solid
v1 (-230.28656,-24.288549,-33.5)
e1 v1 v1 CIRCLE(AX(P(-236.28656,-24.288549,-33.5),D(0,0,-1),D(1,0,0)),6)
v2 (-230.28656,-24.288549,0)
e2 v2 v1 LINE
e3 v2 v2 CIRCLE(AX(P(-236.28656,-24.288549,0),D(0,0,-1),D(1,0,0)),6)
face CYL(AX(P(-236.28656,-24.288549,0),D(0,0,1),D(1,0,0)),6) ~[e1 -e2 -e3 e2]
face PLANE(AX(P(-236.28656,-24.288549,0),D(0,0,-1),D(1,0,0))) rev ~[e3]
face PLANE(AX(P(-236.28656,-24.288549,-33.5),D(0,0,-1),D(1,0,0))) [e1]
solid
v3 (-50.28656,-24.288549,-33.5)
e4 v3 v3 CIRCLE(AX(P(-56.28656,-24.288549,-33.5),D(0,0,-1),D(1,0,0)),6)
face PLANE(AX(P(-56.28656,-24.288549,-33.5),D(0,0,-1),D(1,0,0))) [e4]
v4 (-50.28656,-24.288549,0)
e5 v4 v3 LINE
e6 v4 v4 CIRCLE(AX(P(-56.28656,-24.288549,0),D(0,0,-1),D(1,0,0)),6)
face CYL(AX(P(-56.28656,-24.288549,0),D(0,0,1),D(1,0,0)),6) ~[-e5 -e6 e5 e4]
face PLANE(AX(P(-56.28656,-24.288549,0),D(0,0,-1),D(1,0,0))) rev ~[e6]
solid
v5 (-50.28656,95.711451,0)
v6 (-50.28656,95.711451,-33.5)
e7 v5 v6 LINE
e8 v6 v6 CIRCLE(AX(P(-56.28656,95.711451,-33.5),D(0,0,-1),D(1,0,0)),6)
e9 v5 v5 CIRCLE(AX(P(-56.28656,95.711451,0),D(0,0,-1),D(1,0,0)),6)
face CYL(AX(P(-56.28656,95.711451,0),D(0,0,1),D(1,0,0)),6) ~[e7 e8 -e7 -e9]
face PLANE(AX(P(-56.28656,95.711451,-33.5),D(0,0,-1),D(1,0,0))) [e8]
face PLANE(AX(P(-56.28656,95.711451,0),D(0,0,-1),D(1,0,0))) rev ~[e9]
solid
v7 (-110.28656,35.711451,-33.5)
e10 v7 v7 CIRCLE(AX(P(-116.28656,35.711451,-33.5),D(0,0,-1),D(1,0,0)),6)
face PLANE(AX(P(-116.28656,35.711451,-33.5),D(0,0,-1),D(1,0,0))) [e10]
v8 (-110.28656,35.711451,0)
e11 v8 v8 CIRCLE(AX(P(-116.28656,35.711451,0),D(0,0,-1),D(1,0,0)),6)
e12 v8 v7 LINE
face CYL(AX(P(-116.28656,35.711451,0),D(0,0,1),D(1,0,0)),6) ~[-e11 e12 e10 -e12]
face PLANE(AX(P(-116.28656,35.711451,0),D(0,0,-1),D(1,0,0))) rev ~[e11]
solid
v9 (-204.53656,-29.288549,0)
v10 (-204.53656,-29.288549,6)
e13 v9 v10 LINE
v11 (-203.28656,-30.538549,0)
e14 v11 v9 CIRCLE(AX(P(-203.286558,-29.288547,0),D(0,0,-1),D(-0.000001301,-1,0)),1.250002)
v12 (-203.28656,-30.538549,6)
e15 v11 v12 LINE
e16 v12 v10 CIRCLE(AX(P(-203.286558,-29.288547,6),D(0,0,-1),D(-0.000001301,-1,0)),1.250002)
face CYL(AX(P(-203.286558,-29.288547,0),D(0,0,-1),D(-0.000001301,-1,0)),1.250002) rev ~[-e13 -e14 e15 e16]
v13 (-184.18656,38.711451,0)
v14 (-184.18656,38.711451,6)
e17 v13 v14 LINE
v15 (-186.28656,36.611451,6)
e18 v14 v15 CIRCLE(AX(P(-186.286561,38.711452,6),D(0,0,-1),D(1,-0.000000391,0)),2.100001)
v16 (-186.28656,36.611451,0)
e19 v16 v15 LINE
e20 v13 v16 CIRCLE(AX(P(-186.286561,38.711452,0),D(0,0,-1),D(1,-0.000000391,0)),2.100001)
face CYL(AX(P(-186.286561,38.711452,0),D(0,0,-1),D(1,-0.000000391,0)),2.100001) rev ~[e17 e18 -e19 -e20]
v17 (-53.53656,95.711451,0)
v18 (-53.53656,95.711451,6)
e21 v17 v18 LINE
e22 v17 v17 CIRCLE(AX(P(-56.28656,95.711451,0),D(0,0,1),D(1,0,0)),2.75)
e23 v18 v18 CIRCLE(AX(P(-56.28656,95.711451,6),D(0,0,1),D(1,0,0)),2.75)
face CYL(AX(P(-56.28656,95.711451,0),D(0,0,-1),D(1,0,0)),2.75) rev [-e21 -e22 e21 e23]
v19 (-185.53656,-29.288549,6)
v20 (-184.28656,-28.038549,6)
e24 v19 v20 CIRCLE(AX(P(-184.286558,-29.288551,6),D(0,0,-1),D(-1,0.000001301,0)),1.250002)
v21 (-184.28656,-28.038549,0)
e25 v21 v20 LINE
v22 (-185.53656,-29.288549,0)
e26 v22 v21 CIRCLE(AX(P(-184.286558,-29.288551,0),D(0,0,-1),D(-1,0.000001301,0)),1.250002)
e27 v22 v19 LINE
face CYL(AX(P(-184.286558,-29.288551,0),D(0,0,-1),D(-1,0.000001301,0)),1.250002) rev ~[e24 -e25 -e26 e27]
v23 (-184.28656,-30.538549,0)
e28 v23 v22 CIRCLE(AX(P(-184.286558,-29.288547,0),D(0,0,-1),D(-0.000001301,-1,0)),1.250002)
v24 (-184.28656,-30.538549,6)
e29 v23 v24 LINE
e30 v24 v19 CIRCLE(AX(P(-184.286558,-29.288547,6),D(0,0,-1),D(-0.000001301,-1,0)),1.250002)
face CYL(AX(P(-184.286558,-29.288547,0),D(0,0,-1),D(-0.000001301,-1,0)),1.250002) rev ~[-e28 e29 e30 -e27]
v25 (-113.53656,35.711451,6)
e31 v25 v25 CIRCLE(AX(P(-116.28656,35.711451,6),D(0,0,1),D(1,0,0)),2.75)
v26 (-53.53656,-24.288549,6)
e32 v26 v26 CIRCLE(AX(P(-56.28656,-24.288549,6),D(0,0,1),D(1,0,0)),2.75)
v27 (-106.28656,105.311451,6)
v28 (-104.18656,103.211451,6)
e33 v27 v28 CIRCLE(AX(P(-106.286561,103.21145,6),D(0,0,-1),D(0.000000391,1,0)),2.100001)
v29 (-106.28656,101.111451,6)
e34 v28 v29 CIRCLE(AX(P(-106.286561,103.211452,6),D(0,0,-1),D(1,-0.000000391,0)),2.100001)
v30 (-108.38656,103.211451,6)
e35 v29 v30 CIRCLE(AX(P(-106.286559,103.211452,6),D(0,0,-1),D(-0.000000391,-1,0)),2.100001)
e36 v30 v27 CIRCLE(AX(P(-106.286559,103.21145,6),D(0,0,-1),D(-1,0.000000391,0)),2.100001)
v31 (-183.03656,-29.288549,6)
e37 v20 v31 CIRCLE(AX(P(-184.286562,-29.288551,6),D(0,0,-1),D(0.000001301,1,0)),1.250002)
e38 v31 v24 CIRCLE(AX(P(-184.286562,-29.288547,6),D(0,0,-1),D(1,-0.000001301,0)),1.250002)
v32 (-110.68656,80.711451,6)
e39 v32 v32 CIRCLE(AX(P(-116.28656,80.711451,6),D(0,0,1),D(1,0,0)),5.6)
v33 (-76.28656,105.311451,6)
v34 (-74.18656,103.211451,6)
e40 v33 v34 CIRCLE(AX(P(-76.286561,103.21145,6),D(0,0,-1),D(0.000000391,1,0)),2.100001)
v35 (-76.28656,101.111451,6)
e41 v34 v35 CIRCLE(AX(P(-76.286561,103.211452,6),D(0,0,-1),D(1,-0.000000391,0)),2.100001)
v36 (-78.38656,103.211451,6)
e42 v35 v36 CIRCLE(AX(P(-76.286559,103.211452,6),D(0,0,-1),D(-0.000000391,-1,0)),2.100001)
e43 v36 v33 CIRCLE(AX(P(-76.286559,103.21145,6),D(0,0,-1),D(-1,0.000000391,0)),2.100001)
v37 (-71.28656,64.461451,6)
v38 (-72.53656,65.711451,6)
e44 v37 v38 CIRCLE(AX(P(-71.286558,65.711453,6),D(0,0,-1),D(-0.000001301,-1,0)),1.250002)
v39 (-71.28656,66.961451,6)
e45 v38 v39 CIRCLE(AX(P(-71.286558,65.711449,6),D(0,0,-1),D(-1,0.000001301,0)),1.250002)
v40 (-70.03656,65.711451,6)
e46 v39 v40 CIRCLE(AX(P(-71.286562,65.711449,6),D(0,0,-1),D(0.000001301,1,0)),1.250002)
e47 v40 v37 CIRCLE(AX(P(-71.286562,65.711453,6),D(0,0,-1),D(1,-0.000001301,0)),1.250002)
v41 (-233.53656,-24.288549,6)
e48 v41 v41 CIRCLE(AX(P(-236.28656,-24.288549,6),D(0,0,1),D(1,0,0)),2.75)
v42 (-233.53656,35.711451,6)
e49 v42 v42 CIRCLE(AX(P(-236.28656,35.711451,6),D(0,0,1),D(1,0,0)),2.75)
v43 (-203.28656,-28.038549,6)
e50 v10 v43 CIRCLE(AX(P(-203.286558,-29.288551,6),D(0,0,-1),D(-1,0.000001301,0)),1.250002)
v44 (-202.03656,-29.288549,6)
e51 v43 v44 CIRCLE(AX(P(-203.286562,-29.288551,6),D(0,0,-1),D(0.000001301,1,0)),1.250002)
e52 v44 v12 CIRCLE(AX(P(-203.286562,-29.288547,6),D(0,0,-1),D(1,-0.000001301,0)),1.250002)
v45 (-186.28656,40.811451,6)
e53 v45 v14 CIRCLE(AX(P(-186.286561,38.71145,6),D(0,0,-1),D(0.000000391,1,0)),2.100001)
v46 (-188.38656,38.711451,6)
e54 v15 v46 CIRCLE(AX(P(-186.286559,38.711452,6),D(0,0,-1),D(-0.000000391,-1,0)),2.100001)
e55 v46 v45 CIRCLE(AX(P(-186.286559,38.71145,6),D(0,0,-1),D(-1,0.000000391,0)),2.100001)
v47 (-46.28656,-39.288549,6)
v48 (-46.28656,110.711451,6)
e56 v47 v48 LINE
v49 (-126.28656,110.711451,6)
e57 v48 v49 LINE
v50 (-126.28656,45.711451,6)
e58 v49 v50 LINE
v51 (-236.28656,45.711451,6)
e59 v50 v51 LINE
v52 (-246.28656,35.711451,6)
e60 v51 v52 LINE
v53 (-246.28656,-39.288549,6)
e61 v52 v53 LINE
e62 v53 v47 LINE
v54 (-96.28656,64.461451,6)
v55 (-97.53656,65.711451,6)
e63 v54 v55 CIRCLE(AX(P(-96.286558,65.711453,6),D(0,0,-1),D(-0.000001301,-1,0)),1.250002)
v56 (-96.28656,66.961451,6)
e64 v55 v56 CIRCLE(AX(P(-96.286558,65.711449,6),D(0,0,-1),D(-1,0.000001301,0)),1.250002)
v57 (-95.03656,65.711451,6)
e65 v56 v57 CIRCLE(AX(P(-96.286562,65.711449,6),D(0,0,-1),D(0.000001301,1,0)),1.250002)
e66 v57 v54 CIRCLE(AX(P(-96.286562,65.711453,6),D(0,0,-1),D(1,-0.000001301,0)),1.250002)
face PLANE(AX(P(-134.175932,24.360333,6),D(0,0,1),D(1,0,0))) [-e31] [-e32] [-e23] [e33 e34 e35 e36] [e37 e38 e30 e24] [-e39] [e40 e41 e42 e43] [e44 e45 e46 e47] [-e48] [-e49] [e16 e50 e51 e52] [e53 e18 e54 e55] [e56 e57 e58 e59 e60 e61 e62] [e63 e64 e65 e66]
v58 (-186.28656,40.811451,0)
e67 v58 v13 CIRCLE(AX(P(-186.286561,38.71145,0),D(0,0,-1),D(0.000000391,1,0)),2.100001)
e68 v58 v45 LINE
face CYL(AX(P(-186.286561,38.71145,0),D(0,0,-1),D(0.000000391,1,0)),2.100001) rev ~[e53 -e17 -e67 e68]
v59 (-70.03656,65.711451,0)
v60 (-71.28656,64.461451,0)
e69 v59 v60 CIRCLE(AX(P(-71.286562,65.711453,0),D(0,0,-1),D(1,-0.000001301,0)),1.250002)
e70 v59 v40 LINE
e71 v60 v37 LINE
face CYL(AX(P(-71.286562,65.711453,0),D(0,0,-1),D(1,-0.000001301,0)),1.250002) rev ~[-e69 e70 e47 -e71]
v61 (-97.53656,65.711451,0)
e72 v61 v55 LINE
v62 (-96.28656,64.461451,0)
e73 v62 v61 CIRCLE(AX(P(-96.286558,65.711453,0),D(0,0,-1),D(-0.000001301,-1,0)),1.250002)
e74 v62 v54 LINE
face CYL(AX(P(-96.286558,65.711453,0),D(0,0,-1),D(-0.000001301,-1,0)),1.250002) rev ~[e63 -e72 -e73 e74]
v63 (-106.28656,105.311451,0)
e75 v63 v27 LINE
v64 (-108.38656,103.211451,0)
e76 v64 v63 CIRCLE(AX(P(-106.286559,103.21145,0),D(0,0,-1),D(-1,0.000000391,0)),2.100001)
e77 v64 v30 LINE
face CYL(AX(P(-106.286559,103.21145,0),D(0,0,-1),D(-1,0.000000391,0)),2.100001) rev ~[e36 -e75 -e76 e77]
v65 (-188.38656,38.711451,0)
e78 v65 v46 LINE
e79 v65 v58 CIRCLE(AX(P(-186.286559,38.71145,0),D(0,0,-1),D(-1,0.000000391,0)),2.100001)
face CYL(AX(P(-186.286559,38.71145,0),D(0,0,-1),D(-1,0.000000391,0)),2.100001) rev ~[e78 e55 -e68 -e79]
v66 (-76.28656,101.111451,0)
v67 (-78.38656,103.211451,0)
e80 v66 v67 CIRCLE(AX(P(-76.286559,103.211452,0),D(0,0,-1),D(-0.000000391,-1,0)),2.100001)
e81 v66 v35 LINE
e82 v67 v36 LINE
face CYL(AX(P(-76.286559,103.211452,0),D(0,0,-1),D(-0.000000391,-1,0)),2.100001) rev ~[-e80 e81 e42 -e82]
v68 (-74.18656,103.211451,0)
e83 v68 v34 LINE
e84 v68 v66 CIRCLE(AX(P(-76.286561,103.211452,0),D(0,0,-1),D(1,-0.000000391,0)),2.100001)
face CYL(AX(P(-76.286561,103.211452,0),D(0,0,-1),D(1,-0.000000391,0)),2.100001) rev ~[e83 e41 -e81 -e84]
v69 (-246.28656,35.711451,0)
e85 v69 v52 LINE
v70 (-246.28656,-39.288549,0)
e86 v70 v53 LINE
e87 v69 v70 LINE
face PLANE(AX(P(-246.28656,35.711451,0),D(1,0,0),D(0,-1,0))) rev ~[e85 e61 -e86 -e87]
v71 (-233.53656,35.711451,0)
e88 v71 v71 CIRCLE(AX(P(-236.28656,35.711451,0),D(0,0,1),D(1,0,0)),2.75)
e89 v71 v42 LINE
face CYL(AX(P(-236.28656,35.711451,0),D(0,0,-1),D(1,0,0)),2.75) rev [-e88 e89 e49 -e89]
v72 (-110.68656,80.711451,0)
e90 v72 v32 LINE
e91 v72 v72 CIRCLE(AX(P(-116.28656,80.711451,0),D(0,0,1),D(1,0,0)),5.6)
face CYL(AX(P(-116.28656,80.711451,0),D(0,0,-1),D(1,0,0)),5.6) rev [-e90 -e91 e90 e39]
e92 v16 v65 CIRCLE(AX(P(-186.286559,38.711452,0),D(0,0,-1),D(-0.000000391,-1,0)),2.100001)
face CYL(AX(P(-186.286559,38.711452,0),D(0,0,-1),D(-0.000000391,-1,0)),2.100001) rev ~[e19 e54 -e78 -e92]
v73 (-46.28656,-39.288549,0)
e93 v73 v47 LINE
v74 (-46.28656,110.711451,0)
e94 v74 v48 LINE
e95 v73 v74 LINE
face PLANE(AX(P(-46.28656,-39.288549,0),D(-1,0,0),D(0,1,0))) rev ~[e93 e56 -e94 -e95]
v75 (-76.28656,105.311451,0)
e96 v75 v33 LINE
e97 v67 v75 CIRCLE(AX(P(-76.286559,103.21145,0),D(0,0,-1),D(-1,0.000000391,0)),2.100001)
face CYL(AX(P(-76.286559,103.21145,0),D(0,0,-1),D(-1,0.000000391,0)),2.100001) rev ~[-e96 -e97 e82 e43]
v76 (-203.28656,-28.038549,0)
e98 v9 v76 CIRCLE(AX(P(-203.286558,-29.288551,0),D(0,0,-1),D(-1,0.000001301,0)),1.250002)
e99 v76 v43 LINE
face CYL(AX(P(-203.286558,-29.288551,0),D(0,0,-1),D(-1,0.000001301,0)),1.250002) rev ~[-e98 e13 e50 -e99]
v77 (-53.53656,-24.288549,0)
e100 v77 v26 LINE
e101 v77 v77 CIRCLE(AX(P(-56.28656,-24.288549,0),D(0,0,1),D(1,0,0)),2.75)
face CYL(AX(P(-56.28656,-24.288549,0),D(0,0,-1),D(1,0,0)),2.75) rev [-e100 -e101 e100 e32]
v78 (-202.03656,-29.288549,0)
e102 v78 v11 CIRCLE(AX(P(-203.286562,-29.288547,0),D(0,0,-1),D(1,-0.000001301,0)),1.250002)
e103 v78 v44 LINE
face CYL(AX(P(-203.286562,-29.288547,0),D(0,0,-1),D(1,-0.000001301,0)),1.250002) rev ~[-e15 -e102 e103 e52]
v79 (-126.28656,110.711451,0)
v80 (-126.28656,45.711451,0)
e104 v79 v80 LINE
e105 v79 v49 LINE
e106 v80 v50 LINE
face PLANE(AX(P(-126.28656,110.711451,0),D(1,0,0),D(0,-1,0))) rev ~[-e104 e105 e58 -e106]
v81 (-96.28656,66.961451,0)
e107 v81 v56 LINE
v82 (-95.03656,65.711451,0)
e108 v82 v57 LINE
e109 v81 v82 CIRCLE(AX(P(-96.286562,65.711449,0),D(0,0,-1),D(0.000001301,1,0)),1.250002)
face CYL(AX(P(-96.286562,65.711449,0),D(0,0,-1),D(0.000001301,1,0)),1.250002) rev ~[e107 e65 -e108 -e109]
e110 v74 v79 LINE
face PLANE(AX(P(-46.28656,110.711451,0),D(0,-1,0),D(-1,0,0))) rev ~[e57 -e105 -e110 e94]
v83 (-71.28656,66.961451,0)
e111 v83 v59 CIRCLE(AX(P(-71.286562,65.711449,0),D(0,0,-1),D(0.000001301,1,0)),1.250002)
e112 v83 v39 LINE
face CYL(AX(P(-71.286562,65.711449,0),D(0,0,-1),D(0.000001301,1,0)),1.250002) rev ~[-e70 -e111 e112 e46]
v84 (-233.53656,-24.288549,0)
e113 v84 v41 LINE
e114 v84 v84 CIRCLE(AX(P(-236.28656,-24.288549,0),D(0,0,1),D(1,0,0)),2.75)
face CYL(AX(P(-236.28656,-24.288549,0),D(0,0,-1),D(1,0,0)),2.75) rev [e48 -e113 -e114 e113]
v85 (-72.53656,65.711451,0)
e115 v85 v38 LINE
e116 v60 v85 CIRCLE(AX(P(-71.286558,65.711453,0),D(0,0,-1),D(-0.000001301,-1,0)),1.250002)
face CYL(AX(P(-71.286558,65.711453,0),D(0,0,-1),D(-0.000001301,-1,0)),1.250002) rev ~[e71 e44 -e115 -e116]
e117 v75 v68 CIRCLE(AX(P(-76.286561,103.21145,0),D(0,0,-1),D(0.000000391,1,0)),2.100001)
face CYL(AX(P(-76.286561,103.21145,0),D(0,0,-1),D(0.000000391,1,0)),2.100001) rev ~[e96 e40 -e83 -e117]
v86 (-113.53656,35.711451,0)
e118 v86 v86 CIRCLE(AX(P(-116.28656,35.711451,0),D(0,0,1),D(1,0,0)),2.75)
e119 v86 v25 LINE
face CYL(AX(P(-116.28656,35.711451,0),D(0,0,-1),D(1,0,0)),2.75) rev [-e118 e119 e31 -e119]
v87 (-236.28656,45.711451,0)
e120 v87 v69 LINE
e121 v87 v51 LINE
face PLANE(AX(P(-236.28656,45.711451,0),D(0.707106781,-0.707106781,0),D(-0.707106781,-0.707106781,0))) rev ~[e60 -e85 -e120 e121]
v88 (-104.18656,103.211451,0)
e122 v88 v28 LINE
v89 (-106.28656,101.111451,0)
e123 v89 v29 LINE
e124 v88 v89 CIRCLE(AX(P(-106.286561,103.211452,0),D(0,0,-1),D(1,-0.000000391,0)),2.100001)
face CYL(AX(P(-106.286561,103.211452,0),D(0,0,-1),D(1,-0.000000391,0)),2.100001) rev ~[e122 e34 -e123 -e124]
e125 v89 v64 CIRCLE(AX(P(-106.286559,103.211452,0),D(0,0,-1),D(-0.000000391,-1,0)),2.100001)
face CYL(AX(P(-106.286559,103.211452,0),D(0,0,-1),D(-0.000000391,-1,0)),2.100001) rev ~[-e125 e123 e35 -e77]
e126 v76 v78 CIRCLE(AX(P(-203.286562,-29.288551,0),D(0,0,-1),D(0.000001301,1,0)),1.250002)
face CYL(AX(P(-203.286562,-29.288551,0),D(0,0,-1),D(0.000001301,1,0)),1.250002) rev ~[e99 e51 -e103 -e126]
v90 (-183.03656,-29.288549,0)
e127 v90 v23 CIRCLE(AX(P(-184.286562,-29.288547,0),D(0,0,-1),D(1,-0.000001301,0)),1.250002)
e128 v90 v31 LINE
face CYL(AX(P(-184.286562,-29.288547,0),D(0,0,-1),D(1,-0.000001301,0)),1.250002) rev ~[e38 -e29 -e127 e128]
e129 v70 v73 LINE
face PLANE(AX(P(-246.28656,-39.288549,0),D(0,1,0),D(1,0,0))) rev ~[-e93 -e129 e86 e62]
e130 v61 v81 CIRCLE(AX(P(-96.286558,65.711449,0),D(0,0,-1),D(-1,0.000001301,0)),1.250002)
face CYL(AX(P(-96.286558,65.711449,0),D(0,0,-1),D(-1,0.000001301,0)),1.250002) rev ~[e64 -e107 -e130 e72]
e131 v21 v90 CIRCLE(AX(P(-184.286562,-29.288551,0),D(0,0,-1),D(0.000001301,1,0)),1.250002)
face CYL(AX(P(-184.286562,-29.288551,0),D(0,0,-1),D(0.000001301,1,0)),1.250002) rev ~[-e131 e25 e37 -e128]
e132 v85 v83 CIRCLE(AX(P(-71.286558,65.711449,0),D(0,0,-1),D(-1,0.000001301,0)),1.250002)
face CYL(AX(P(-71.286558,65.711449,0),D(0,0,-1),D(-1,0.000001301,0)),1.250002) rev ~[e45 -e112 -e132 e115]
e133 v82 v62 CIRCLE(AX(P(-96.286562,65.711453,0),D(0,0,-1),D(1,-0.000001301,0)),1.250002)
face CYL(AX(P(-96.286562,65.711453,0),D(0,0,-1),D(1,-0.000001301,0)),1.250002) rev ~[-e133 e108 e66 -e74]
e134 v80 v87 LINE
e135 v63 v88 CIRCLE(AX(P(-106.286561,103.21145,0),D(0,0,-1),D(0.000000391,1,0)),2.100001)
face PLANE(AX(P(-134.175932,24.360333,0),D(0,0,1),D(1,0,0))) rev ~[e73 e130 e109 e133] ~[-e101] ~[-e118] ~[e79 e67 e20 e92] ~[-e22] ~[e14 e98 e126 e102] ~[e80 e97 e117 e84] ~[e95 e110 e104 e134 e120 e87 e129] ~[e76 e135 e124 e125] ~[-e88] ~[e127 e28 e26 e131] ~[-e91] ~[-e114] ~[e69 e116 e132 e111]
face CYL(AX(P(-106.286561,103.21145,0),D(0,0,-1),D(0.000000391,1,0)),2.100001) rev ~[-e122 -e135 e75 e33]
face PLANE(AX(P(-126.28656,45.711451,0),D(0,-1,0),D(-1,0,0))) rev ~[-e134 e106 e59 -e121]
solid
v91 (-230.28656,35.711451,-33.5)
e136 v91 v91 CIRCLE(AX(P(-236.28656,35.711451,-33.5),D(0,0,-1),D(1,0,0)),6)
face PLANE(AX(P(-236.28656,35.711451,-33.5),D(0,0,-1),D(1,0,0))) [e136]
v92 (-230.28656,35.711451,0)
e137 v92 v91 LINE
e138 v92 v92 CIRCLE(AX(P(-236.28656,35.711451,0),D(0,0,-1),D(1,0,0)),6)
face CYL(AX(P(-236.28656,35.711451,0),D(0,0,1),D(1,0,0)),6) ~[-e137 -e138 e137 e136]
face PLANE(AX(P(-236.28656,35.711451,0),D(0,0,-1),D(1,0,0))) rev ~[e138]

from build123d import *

# Parameters (mm, degrees)
F0_R     = 2.75
F0_R_2   = 5.6
F1_DEPTH = 6
F2_R     = 6
F3_DEPTH = 33.5


with BuildPart() as f1:
    # F0 (on Top) → F1 (new body)
    with BuildSketch(Plane.XY):
        Polygon((-126.28656, 110.711451), (-126.28656, 45.711451), (-236.28656, 45.711451), (-246.28656, 35.711451), (-246.28656, -39.288549), (-46.28656, -39.288549), (-46.28656, 110.711451), align=None)
        with Locations((-236.28656, -24.288549)):
            Circle(F0_R, mode=Mode.SUBTRACT)
        with BuildLine():
            ThreePointArc((-203.28656, -28.038549), (-202.402677, -28.404666), (-202.03656, -29.288549))
            ThreePointArc((-202.03656, -29.288549), (-202.402677, -30.172432), (-203.28656, -30.538549))
            ThreePointArc((-203.28656, -30.538549), (-204.170443, -30.172432), (-204.53656, -29.288549))
            ThreePointArc((-204.53656, -29.288549), (-204.170443, -28.404666), (-203.28656, -28.038549))
        make_face(mode=Mode.SUBTRACT)
        with BuildLine():
            ThreePointArc((-184.28656, -28.038549), (-183.402677, -28.404666), (-183.03656, -29.288549))
            ThreePointArc((-183.03656, -29.288549), (-183.402677, -30.172432), (-184.28656, -30.538549))
            ThreePointArc((-184.28656, -30.538549), (-185.170443, -30.172432), (-185.53656, -29.288549))
            ThreePointArc((-185.53656, -29.288549), (-185.170443, -28.404666), (-184.28656, -28.038549))
        make_face(mode=Mode.SUBTRACT)
        with Locations((-56.28656, -24.288549)):
            Circle(F0_R, mode=Mode.SUBTRACT)
        with Locations((-236.28656, 35.711451)):
            Circle(F0_R, mode=Mode.SUBTRACT)
        with BuildLine():
            ThreePointArc((-186.28656, 40.811451), (-184.801636, 40.196375), (-184.18656, 38.711451))
            ThreePointArc((-184.18656, 38.711451), (-184.801636, 37.226527), (-186.28656, 36.611451))
            ThreePointArc((-186.28656, 36.611451), (-187.771484, 37.226527), (-188.38656, 38.711451))
            ThreePointArc((-188.38656, 38.711451), (-187.771484, 40.196375), (-186.28656, 40.811451))
        make_face(mode=Mode.SUBTRACT)
        with Locations((-116.28656, 35.711451)):
            Circle(F0_R, mode=Mode.SUBTRACT)
        with BuildLine():
            ThreePointArc((-96.28656, 66.961451), (-95.402677, 66.595334), (-95.03656, 65.711451))
            ThreePointArc((-95.03656, 65.711451), (-95.402677, 64.827568), (-96.28656, 64.461451))
            ThreePointArc((-96.28656, 64.461451), (-97.170443, 64.827568), (-97.53656, 65.711451))
            ThreePointArc((-97.53656, 65.711451), (-97.170443, 66.595334), (-96.28656, 66.961451))
        make_face(mode=Mode.SUBTRACT)
        with BuildLine():
            ThreePointArc((-71.28656, 66.961451), (-70.402677, 66.595334), (-70.03656, 65.711451))
            ThreePointArc((-70.03656, 65.711451), (-70.402677, 64.827568), (-71.28656, 64.461451))
            ThreePointArc((-71.28656, 64.461451), (-72.170443, 64.827568), (-72.53656, 65.711451))
            ThreePointArc((-72.53656, 65.711451), (-72.170443, 66.595334), (-71.28656, 66.961451))
        make_face(mode=Mode.SUBTRACT)
        with Locations((-116.28656, 80.711451)):
            Circle(F0_R_2, mode=Mode.SUBTRACT)
        with BuildLine():
            ThreePointArc((-106.28656, 105.311451), (-104.801636, 104.696375), (-104.18656, 103.211451))
            ThreePointArc((-104.18656, 103.211451), (-104.801636, 101.726527), (-106.28656, 101.111451))
            ThreePointArc((-106.28656, 101.111451), (-107.771484, 101.726527), (-108.38656, 103.211451))
            ThreePointArc((-108.38656, 103.211451), (-107.771484, 104.696375), (-106.28656, 105.311451))
        make_face(mode=Mode.SUBTRACT)
        with BuildLine():
            ThreePointArc((-76.28656, 105.311451), (-74.801636, 104.696375), (-74.18656, 103.211451))
            ThreePointArc((-74.18656, 103.211451), (-74.801636, 101.726527), (-76.28656, 101.111451))
            ThreePointArc((-76.28656, 101.111451), (-77.771484, 101.726527), (-78.38656, 103.211451))
            ThreePointArc((-78.38656, 103.211451), (-77.771484, 104.696375), (-76.28656, 105.311451))
        make_face(mode=Mode.SUBTRACT)
        with Locations((-56.28656, 95.711451)):
            Circle(F0_R, mode=Mode.SUBTRACT)
    extrude(amount=F1_DEPTH)


with BuildPart() as f3:
    # F2 (on face) → F3 (new body)
    with BuildSketch(Plane(origin=(0, 0, 0), x_dir=(1, 0, 0), z_dir=(0, 0, -1))):
        with Locations((-236.28656, 24.288549)):
            Circle(F2_R)
        with Locations((-236.28656, -35.711451)):
            Circle(F2_R)
        with Locations((-56.28656, 24.288549)):
            Circle(F2_R)
        with Locations((-56.28656, -95.711451)):
            Circle(F2_R)
        with Locations((-116.28656, -35.711451)):
            Circle(F2_R)
    extrude(amount=F3_DEPTH)


solid = Compound([f1.part, f3.part])
